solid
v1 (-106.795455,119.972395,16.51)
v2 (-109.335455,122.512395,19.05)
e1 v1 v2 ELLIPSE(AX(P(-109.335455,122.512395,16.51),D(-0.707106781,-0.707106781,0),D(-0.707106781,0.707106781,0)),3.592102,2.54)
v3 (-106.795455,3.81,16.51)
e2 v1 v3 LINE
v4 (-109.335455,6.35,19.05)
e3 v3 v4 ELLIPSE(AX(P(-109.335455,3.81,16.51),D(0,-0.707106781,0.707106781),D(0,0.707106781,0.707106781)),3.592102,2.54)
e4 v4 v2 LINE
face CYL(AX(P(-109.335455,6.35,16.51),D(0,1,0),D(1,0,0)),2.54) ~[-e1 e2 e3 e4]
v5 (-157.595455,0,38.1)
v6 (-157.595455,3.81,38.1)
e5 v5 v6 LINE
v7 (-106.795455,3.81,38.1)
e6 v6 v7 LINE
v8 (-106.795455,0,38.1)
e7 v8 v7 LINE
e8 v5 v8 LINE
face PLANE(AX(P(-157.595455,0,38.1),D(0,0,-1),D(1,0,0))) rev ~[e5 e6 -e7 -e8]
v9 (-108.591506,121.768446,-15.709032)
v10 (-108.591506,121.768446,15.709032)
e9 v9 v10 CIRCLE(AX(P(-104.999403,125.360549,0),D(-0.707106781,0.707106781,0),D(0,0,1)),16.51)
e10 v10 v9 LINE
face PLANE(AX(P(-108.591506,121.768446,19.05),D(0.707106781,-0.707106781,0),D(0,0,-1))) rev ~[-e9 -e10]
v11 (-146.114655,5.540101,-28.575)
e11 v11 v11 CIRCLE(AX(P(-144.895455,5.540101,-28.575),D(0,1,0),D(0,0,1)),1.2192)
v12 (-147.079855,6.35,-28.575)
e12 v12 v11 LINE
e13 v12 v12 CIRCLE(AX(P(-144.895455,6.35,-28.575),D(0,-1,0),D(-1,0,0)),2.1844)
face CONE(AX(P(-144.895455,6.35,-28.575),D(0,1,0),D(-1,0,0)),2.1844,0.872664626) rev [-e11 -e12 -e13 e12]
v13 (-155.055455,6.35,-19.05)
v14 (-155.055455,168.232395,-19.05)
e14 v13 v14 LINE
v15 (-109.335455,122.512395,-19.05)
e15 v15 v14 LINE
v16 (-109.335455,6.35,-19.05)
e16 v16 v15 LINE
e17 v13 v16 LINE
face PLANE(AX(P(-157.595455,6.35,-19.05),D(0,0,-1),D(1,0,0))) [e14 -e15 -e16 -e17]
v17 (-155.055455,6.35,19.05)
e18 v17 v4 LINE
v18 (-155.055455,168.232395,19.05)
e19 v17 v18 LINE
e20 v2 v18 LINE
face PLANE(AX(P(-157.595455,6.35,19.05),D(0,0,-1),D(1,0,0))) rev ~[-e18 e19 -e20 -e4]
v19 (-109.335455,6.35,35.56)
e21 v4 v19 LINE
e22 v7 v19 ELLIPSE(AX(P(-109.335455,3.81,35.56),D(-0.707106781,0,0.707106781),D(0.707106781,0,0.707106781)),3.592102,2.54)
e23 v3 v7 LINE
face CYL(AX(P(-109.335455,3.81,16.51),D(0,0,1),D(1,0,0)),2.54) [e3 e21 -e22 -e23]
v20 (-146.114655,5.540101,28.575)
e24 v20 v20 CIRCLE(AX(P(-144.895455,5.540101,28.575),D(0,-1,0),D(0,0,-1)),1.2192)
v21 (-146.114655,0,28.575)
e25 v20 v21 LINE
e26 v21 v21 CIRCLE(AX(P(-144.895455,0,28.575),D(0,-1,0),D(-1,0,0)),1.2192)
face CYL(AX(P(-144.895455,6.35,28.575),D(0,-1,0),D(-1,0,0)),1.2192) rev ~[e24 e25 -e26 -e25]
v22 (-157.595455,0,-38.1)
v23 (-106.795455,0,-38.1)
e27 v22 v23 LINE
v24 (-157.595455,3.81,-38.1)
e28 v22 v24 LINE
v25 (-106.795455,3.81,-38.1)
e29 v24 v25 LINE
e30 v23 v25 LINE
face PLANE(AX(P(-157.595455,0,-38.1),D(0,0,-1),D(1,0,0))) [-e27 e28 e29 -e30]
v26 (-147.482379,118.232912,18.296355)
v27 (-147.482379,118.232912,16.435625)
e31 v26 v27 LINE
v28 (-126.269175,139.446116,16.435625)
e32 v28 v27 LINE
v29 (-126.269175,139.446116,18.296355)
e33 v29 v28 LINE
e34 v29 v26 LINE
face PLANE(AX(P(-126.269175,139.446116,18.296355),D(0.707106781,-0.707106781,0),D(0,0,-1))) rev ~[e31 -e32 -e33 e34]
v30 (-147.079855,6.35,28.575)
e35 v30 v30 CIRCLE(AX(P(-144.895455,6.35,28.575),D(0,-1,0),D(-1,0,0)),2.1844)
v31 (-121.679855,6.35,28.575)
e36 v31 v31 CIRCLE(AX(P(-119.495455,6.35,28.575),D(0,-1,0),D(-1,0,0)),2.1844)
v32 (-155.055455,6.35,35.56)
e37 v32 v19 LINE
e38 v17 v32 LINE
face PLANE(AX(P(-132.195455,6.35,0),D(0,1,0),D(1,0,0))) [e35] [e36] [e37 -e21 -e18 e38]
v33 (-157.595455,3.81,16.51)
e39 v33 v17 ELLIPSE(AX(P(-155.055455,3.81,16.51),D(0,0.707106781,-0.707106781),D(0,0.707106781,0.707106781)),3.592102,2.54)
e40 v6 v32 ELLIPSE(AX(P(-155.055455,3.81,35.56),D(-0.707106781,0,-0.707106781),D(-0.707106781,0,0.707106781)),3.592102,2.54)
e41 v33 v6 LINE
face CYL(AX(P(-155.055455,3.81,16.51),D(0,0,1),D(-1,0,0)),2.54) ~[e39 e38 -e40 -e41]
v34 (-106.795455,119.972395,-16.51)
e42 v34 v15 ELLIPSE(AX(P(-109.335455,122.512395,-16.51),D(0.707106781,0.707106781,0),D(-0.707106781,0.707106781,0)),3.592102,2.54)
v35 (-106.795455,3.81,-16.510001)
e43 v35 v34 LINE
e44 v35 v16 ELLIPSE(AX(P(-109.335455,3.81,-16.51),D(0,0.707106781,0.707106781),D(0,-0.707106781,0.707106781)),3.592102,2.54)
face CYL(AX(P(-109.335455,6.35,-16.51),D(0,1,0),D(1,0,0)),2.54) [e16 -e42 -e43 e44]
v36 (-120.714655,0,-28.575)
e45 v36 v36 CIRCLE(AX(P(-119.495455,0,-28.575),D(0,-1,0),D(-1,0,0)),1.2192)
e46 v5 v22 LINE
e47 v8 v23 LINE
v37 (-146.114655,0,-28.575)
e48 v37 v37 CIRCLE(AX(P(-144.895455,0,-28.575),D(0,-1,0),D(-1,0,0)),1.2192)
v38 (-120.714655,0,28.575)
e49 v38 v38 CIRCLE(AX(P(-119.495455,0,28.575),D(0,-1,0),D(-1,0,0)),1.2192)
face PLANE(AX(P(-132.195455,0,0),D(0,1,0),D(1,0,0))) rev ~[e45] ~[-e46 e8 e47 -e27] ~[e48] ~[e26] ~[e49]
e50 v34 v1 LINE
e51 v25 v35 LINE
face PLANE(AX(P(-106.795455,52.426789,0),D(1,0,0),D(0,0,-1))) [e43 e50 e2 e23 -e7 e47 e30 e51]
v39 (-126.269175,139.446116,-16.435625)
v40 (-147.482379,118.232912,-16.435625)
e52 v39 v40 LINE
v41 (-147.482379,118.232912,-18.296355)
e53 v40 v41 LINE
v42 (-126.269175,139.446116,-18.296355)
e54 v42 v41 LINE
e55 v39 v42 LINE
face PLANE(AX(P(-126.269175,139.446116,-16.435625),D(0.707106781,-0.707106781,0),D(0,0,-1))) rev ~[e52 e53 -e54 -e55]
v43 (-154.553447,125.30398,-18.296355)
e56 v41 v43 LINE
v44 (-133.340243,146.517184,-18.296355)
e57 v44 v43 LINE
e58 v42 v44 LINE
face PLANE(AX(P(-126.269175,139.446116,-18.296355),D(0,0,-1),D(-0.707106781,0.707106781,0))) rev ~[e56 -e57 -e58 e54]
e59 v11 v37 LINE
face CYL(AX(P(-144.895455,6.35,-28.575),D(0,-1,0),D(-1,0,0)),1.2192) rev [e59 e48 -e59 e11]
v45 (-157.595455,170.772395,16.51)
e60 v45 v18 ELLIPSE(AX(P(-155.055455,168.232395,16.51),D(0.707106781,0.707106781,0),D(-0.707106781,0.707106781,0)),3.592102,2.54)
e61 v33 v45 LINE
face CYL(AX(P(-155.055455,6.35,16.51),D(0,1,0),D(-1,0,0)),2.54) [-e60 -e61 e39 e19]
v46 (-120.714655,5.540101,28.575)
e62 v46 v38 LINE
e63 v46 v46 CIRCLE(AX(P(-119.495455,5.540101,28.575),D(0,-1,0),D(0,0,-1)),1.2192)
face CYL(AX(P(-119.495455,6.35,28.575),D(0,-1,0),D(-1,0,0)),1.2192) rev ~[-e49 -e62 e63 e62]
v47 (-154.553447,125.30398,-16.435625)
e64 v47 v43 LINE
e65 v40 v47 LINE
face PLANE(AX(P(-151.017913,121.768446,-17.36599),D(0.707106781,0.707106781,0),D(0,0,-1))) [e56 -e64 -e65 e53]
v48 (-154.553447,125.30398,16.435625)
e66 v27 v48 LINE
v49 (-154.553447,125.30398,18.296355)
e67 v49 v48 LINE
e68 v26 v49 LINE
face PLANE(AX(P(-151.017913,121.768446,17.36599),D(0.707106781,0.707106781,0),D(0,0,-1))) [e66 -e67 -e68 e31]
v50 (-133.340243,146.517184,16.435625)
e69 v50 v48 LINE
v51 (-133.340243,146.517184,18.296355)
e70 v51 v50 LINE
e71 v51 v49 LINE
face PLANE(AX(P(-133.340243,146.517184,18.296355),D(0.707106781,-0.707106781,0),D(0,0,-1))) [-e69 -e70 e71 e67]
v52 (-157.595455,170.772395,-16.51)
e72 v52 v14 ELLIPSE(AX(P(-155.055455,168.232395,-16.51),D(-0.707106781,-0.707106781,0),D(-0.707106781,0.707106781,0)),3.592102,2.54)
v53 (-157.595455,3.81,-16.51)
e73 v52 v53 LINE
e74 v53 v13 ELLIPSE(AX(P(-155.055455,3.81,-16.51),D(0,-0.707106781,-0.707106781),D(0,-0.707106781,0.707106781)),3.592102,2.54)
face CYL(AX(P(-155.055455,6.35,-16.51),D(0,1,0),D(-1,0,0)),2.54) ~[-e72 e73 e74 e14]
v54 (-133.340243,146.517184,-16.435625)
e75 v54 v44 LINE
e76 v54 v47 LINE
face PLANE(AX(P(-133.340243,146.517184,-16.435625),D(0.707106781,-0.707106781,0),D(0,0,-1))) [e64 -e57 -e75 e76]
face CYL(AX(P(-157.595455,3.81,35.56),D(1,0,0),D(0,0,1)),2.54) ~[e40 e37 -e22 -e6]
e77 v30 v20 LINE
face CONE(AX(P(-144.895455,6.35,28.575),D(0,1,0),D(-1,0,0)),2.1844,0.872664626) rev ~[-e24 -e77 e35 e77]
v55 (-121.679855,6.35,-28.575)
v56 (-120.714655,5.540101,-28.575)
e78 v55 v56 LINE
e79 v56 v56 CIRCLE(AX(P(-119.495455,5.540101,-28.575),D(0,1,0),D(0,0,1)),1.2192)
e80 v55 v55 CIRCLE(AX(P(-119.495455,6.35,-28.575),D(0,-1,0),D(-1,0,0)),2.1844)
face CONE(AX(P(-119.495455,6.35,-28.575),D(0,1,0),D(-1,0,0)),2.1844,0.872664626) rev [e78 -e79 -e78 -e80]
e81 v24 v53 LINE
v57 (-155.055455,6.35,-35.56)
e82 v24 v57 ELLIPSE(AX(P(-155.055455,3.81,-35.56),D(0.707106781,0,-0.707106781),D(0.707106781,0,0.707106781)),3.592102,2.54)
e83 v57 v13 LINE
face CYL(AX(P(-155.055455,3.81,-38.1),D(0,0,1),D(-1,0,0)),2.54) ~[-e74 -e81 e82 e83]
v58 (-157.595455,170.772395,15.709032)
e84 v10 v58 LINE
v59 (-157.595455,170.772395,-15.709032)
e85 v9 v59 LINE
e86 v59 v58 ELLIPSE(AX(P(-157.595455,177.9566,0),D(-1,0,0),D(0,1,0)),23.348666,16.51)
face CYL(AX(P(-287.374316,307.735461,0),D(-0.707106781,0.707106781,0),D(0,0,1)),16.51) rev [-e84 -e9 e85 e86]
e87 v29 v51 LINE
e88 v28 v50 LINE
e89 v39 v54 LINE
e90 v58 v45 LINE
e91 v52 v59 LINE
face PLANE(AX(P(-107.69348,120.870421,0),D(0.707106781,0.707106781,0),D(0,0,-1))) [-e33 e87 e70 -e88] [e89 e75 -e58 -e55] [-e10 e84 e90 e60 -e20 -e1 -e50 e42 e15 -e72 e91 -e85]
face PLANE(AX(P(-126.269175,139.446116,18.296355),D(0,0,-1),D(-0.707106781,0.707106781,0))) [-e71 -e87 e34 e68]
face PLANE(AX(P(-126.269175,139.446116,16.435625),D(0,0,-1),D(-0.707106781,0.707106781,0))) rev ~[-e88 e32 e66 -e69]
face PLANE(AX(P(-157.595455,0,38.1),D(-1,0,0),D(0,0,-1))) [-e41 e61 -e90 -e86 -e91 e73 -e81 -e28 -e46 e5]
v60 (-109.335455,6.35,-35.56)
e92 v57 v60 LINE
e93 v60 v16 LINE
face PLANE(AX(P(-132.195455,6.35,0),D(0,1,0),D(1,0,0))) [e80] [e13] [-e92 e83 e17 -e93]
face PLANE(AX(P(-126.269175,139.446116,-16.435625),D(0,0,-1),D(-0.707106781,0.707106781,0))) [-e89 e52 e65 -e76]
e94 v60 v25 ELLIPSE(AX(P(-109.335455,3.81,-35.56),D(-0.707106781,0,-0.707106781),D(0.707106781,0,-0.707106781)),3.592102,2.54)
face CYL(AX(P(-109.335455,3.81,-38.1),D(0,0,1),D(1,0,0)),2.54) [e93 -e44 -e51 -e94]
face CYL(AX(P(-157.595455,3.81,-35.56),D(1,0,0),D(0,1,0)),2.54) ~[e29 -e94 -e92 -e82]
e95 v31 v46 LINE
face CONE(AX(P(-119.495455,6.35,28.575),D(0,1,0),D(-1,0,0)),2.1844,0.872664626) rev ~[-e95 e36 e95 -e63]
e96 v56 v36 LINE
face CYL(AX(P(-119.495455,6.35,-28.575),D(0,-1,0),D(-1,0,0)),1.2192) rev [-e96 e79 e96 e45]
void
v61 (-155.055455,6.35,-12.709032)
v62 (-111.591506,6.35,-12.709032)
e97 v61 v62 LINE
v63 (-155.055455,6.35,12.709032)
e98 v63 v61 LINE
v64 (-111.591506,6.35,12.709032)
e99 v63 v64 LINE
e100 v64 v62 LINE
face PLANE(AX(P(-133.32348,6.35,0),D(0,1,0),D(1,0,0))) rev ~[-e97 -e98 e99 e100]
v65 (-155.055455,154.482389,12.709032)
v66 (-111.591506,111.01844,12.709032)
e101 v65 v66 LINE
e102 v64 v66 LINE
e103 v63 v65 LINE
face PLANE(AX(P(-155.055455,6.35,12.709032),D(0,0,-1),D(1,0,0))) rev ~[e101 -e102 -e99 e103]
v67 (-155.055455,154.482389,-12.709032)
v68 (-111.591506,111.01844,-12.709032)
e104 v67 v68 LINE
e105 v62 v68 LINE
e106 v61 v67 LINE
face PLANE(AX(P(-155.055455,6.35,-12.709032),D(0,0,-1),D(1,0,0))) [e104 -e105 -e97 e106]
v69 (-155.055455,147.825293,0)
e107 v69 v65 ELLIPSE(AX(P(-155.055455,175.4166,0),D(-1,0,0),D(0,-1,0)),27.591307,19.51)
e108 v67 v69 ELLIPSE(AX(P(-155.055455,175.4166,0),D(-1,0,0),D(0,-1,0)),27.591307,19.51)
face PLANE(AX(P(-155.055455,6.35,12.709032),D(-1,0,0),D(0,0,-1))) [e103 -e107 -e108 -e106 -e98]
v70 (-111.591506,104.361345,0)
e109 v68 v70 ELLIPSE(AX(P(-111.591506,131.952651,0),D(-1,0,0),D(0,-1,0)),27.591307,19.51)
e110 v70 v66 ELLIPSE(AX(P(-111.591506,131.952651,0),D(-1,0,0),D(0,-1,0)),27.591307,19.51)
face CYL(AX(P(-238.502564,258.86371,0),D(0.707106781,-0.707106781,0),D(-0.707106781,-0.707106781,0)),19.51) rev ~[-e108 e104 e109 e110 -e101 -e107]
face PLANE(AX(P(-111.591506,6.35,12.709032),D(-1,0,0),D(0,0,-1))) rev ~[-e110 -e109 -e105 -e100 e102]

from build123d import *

# Parameters (mm, degrees)
SKETCH1_W                                         = 50.8
SKETCH1_H                                         = 76.2
BOSS_EXTRUDE1_DEPTH                               = 6.35
SKETCH2_W                                         = 50.8
SKETCH2_H                                         = 38.1
BOSS_EXTRUDE2_DEPTH                               = 171.6066
CUT_EXTRUDE1_DEPTH                                = 183.535025619
CUT_EXTRUDE1_DEPTH_BACK                           = 183.535025619
BOSS_EXTRUDE3_REACH                               = 237.296
SKETCH20_W                                        = 38.1
SKETCH20_H                                        = 2.54
BOSS_EXTRUDE4_REACH                               = 129.523
CSK_FOR_2_FLAT_HEAD_MACHINE_SCREW_100_D           = 2.4384
CSK_FOR_2_FLAT_HEAD_MACHINE_SCREW_100_CSINK_D     = 4.3688
CSK_FOR_2_FLAT_HEAD_MACHINE_SCREW_100_CSINK_ANGLE = 100
FILLET1_R                                         = 2.54
FILLET2_R                                         = 2.54
SKETCH29_W                                        = 1.860730234
SKETCH29_H                                        = 10
CUT_EXTRUDE2_DEPTH                                = 30
CUT_EXTRUDE3_REACH                                = 232.917
CUT_EXTRUDE3_END_RADIUS                           = 19.51
SKETCH30_W                                        = 43.463948775
SKETCH30_H                                        = 25.418064868


with BuildPart() as part:
    # Sketch1 → Boss-Extrude1 (new body)
    with BuildSketch(Plane(origin=(0, 0, 0), x_dir=(1, 0, 0), z_dir=(0, 1, 0))):
        with Locations((-132.195454545, 0)):
            Rectangle(SKETCH1_W, SKETCH1_H)
    extrude(amount=BOSS_EXTRUDE1_DEPTH)

    # Sketch2 → Boss-Extrude2 (add)
    with BuildSketch(Plane(origin=(0, 6.35, 0), x_dir=(1, 0, 0), z_dir=(0, 1, 0))):
        with Locations((-132.195454545, 0)):
            Rectangle(SKETCH2_W, SKETCH2_H)
    extrude(amount=BOSS_EXTRUDE2_DEPTH)

    # Sketch19 → Cut-Extrude1 (cut, two sides: drawn at the far end of the back side and taken through both)
    with BuildSketch(Plane(origin=(-167.776027273, 167.776027273, 0), x_dir=(-0.7071067811865488, -0.7071067811865462, 0), z_dir=(0.7071067811865462, -0.7071067811865488, 0)).offset(-CUT_EXTRUDE1_DEPTH_BACK)):
        with BuildLine():
            Line((-14.397504024, 16.51), (-14.397504024, -16.51))
            ThreePointArc((-14.397504024, -16.51), (2.112495976, 0), (-14.397504024, 16.51))
        make_face()
    extrude(amount=CUT_EXTRUDE1_DEPTH + CUT_EXTRUDE1_DEPTH_BACK, mode=Mode.SUBTRACT)

    # SurfaceCut1
    split(bisect_by=Plane(origin=(6.588470279, 6.588470279, 0), x_dir=(0, 0, 1), z_dir=(-0.7071067811865488, -0.7071067811865464, 0)), keep=Keep.TOP)

    # Sketch20 → Boss-Extrude3 (add, up to next)
    with BuildSketch(Plane(origin=(6.588470279, 6.588470279, 0), x_dir=(0, 0, -1), z_dir=(0.7071067811865487, 0.7071067811865465, 0)), mode=Mode.PRIVATE) as boss_extrude3_sk1:
        with Locations((0, 161.619084242)):
            Rectangle(SKETCH20_W, SKETCH20_H)
    boss_extrude3_tool1 = extrude(boss_extrude3_sk1.sketch, amount=-BOSS_EXTRUDE3_REACH, mode=Mode.PRIVATE) - part.part
    add(boss_extrude3_tool1.solids().sort_by_distance((-107.69348, 120.870421, 0))[0])

    # Boss-Extrude4: up to this face of the body (flat: up to its plane)
    boss_extrude4_end = Plane(part.part.faces().sort_by_distance((-106.795454545, 52.426789341, 0))[0])
    # Sketch22 → Boss-Extrude4 (add, up to the picked face)
    with BuildSketch(Plane(origin=(-113.383924824, 113.383924824, 0), x_dir=(0, 0, -1), z_dir=(0.7071067811865465, -0.7071067811865486, 0)), mode=Mode.PRIVATE) as boss_extrude4_sk1:
        with BuildLine():
            Line((-15.709032434, 9.317504024), (15.709032434, 9.317504024))
            ThreePointArc((15.709032434, 9.317504024), (0, -6.39152841), (-15.709032434, 9.317504024))
        make_face()
    boss_extrude4_tool1 = split(extrude(boss_extrude4_sk1.sketch, amount=BOSS_EXTRUDE4_REACH, mode=Mode.PRIVATE), bisect_by=boss_extrude4_end, keep=Keep.BOTH, mode=Mode.PRIVATE)
    add(boss_extrude4_tool1.solids().sort_by(Axis((-111.509821, 115.258029, 0), (0.7071067811865465, -0.7071067811865486, 0)))[0])

    # CSK for #2 Flat Head Machine Screw (100)1 (through all)
    with Locations(Plane(origin=(0, 6.35, 0), x_dir=(1, 0, 0), z_dir=(0, 1, 0))):
        with Locations((-144.895454545, -28.575), (-119.495454545, -28.575)):
            csk_for_2_flat_head_machine_screw_100 = CounterSinkHole(CSK_FOR_2_FLAT_HEAD_MACHINE_SCREW_100_D / 2, CSK_FOR_2_FLAT_HEAD_MACHINE_SCREW_100_CSINK_D / 2, counter_sink_angle=CSK_FOR_2_FLAT_HEAD_MACHINE_SCREW_100_CSINK_ANGLE)

    # Mirror1: CSK for #2 Flat Head Machine Screw (100)1 across plane
    add(csk_for_2_flat_head_machine_screw_100.mirror(Plane.XY), mode=Mode.SUBTRACT)

    # Fillet1
    fillet1_edges = [part.edges().sort_by_distance(p)[0] for p in [
        (-157.595454545, 88.561197552, 19.05),
        (-106.795454545, 63.161197552, 19.05),
        (-106.795454545, 63.161197552, -19.05),
        (-157.595454545, 88.561197552, -19.05),
    ]]
    fillet(fillet1_edges, radius=FILLET1_R)

    # Fillet2
    fillet2_edges = [part.edges().sort_by_distance(p)[0] for p in [
        (-157.595454545, 6.35, -27.305),
        (-132.195454545, 6.35, -38.1),
        (-106.795454545, 6.35, -27.305),
        (-157.595454545, 6.35, 27.305),
        (-132.195454545, 6.35, 38.1),
        (-106.795454545, 6.35, 27.305),
    ]]
    fillet(fillet2_edges, radius=FILLET2_R)

    # Sketch29 → Cut-Extrude2 (cut)
    with BuildSketch(Plane(origin=(6.588470279, 6.588470279, 0), x_dir=(0, 0, -1), z_dir=(0.7071067811865487, 0.7071067811865465, 0))):
        with Locations((17.36598973, 192.889084242)):
            Rectangle(SKETCH29_W, SKETCH29_H)
        with Locations((-17.36598973, 192.889084242)):
            Rectangle(SKETCH29_W, SKETCH29_H)
    extrude(amount=-CUT_EXTRUDE2_DEPTH, mode=Mode.SUBTRACT)

    # Cut-Extrude3: up to this cylinder (the profile starts outside it)
    cut_extrude3_end = Plane(origin=(-59.656167273, 80.017312727, 0), z_dir=(0.7071067811865462, -0.7071067811865488, 0)) * Cylinder(CUT_EXTRUDE3_END_RADIUS, 505.854, mode=Mode.PRIVATE)
    # Sketch30 → Cut-Extrude3 (cut, up to the surface)
    with BuildSketch(Plane(origin=(0, 6.35, 0), x_dir=(1, 0, 0), z_dir=(0, 1, 0)), mode=Mode.PRIVATE) as cut_extrude3_sk1:
        with Locations((-133.323480158, 0)):
            Rectangle(SKETCH30_W, SKETCH30_H)
    cut_extrude3_tool1 = extrude(cut_extrude3_sk1.sketch, amount=CUT_EXTRUDE3_REACH, mode=Mode.PRIVATE) - cut_extrude3_end
    add(cut_extrude3_tool1.solids().sort_by_distance((-133.32348, 6.35, 0))[0], mode=Mode.SUBTRACT)


solid = part.part
